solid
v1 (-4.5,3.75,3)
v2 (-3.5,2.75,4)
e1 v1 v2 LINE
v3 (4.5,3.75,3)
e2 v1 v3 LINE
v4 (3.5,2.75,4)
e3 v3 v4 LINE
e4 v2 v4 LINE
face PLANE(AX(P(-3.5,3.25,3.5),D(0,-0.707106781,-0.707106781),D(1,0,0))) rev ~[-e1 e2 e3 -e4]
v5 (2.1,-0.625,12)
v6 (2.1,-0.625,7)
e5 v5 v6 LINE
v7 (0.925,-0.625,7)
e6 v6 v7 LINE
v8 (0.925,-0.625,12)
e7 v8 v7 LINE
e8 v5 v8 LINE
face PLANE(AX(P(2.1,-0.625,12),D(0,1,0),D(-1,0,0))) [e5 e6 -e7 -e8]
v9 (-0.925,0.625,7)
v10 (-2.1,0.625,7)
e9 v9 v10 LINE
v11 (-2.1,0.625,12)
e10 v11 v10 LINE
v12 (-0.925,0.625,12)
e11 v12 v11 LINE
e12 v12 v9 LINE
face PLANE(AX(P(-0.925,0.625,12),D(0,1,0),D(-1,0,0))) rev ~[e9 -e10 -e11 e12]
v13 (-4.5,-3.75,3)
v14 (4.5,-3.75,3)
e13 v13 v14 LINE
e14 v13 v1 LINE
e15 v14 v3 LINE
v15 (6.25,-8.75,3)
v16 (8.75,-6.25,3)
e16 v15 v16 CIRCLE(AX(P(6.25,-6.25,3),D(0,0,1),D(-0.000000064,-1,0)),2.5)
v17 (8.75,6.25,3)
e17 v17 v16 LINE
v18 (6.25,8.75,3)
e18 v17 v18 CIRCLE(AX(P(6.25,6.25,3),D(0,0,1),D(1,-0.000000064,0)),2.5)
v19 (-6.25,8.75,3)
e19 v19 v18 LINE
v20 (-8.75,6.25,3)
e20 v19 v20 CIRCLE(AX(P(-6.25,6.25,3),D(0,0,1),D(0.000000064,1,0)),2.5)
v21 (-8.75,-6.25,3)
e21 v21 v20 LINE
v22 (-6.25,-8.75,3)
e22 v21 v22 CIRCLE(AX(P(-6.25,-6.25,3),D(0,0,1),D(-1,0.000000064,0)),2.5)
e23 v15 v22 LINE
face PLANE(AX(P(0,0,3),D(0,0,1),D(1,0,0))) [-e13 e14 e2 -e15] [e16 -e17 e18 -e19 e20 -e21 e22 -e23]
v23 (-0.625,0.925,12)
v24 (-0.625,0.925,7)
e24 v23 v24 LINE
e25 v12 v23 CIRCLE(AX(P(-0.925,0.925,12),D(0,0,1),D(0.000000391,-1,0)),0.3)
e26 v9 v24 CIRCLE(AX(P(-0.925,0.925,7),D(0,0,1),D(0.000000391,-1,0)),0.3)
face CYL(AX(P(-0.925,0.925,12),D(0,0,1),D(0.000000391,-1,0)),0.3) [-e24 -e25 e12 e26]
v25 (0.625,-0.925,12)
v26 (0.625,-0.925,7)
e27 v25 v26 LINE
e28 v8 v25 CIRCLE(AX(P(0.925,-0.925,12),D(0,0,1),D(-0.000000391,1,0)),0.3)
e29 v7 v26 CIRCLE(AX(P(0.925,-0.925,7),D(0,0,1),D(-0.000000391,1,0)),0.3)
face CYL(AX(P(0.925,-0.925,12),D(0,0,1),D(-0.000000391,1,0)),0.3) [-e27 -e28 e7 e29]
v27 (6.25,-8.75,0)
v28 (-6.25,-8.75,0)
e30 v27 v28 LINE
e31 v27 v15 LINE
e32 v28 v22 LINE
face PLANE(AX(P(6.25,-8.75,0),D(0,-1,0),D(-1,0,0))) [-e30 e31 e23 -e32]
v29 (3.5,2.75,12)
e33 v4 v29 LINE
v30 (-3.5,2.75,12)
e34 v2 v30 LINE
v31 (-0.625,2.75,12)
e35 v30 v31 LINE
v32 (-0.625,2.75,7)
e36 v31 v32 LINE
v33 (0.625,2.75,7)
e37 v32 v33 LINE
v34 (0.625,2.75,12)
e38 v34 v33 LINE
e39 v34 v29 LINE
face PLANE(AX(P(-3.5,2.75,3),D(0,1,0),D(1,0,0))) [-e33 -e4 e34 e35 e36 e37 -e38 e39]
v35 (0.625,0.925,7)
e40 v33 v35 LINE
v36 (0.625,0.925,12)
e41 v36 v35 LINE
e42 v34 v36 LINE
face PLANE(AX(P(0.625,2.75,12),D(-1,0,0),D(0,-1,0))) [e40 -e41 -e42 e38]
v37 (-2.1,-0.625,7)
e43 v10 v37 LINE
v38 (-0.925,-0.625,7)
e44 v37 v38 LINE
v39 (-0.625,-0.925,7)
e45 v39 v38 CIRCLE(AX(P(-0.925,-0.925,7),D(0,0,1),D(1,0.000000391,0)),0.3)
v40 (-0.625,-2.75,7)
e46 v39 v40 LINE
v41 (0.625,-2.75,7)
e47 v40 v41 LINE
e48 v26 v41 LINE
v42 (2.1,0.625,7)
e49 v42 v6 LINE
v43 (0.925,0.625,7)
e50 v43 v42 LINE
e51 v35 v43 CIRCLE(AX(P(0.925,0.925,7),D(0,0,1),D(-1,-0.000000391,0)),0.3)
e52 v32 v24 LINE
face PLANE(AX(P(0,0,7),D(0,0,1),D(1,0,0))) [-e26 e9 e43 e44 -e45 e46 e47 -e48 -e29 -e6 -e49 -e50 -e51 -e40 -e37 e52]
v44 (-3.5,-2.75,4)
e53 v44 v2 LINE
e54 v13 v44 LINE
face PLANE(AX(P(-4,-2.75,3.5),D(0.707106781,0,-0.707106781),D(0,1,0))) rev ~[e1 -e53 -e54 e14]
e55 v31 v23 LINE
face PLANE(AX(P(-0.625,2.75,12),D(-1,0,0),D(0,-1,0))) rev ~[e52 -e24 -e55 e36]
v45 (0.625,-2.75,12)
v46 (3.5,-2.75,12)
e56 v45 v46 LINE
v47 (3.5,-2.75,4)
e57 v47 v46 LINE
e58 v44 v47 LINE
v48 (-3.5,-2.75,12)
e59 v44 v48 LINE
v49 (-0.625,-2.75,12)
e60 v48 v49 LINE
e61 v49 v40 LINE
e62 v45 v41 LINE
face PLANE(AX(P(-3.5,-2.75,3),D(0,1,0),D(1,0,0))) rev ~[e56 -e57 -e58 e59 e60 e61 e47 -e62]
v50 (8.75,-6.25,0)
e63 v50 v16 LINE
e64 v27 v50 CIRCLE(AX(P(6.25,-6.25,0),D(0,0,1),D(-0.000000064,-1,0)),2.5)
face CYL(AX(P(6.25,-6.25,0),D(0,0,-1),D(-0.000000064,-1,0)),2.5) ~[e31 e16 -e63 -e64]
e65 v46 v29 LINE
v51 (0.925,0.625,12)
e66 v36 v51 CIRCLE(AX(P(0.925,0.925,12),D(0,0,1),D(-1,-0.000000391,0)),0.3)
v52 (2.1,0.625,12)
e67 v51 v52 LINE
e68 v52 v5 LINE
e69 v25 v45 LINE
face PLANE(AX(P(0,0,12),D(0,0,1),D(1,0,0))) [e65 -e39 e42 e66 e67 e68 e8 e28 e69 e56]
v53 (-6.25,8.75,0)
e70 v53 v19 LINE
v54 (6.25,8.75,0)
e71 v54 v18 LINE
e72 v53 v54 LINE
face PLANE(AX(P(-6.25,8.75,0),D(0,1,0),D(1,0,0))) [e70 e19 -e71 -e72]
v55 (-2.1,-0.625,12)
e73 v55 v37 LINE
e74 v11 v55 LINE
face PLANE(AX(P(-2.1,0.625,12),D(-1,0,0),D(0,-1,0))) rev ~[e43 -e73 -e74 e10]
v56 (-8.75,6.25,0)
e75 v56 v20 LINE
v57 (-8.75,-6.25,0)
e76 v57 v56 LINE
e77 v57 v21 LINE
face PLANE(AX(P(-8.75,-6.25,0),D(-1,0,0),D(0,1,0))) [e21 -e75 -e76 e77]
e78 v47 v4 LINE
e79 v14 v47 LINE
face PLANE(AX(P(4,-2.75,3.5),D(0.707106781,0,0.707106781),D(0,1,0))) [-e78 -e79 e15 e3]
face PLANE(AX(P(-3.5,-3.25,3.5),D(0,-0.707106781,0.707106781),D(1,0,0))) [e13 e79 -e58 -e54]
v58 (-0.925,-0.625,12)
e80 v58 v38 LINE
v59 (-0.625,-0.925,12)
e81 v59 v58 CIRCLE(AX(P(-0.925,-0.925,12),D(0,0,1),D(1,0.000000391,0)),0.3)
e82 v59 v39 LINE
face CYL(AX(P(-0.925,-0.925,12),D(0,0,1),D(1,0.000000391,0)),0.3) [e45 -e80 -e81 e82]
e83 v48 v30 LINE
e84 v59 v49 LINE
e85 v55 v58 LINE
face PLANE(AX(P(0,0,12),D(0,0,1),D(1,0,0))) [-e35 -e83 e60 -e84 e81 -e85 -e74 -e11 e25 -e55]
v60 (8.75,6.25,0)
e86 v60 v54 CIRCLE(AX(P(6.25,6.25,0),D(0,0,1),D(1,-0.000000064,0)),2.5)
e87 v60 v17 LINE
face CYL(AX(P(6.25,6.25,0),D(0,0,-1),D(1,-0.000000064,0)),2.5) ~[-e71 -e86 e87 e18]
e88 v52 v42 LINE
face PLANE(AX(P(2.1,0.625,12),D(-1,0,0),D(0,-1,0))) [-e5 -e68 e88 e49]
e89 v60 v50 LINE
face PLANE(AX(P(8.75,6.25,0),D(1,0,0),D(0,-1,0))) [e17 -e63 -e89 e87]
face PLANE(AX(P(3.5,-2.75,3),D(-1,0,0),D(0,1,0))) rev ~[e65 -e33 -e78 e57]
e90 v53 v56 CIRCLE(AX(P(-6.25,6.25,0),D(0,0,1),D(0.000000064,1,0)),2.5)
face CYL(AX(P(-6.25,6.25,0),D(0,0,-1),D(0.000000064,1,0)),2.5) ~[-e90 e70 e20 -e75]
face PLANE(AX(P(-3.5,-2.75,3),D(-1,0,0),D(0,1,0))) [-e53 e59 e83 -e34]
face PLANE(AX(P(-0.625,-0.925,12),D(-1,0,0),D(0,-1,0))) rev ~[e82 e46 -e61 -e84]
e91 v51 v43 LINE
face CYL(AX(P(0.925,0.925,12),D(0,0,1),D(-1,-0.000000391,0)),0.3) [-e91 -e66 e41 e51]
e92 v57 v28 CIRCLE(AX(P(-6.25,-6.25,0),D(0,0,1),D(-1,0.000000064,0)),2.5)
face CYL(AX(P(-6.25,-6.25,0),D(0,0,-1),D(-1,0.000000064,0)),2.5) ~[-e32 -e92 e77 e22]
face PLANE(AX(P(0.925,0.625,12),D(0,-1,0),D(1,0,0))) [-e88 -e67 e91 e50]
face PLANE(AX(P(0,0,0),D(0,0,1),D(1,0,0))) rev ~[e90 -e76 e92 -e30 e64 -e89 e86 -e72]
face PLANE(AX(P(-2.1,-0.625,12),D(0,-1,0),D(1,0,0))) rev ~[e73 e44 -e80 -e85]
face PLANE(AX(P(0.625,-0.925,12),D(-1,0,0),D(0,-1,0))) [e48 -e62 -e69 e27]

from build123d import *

# Parameters (mm, degrees)
PAD_DEPTH    = 3
SKETCH001_W  = 7
SKETCH001_H  = 5.5
PAD001_DEPTH = 9
POCKET_DEPTH = 5
CHAMFER_SIZE = 1


with BuildPart() as part:
    # Sketch → Pad (new body)
    with BuildSketch(Plane.XY):
        with BuildLine():
            ThreePointArc((-6.25, 8.75), (-8.017767, 8.017767), (-8.75, 6.25))
            Line((-8.75, -6.25), (-8.75, 6.25))
            ThreePointArc((-8.75, -6.25), (-8.017767, -8.017767), (-6.25, -8.75))
            Line((6.25, -8.75), (-6.25, -8.75))
            ThreePointArc((6.25, -8.75), (8.017767, -8.017767), (8.75, -6.25))
            Line((8.75, 6.25), (8.75, -6.25))
            ThreePointArc((8.75, 6.25), (8.017767, 8.017767), (6.25, 8.75))
            Line((-6.25, 8.75), (6.25, 8.75))
        make_face()
    extrude(amount=PAD_DEPTH)

    # Sketch001 (on Face10 of Pad) → Pad001 (join)
    with BuildSketch(Plane.XY.offset(3)):
        Rectangle(SKETCH001_W, SKETCH001_H)
    extrude(amount=PAD001_DEPTH)

    # Sketch002 (on Face15 of Pad001) → Pocket (cut)
    with BuildSketch(Plane.XY.offset(12)):
        with BuildLine():
            Line((-0.625, 2.75), (-0.625, 0.925))
            ThreePointArc((-0.925, 0.625), (-0.712868, 0.712868), (-0.625, 0.925))
            Line((-0.925, 0.625), (-2.1, 0.625))
            Line((-2.1, 0.625), (-2.1, -0.625))
            Line((-2.1, -0.625), (-0.925, -0.625))
            ThreePointArc((-0.625, -0.925), (-0.712868, -0.712868), (-0.925, -0.625))
            Line((-0.625, -0.925), (-0.625, -2.75))
            Line((-0.625, -2.75), (0.625, -2.75))
            Line((0.625, -0.925), (0.625, -2.75))
            ThreePointArc((0.925, -0.625), (0.712868, -0.712868), (0.625, -0.925))
            Line((2.1, -0.625), (0.925, -0.625))
            Line((2.1, 0.625), (2.1, -0.625))
            Line((0.925, 0.625), (2.1, 0.625))
            ThreePointArc((0.625, 0.925), (0.712868, 0.712868), (0.925, 0.625))
            Line((0.625, 2.75), (0.625, 0.925))
            Line((-0.625, 2.75), (0.625, 2.75))
        make_face()
    extrude(amount=-POCKET_DEPTH, mode=Mode.SUBTRACT)

    # Chamfer
    chamfer_edges = [part.edges().sort_by_distance(p)[0] for p in [
        (-3.5, 0, 3),
        (0, 2.75, 3),
        (0, -2.75, 3),
        (3.5, 0, 3),
    ]]
    chamfer(chamfer_edges, length=CHAMFER_SIZE)


solid = part.part
